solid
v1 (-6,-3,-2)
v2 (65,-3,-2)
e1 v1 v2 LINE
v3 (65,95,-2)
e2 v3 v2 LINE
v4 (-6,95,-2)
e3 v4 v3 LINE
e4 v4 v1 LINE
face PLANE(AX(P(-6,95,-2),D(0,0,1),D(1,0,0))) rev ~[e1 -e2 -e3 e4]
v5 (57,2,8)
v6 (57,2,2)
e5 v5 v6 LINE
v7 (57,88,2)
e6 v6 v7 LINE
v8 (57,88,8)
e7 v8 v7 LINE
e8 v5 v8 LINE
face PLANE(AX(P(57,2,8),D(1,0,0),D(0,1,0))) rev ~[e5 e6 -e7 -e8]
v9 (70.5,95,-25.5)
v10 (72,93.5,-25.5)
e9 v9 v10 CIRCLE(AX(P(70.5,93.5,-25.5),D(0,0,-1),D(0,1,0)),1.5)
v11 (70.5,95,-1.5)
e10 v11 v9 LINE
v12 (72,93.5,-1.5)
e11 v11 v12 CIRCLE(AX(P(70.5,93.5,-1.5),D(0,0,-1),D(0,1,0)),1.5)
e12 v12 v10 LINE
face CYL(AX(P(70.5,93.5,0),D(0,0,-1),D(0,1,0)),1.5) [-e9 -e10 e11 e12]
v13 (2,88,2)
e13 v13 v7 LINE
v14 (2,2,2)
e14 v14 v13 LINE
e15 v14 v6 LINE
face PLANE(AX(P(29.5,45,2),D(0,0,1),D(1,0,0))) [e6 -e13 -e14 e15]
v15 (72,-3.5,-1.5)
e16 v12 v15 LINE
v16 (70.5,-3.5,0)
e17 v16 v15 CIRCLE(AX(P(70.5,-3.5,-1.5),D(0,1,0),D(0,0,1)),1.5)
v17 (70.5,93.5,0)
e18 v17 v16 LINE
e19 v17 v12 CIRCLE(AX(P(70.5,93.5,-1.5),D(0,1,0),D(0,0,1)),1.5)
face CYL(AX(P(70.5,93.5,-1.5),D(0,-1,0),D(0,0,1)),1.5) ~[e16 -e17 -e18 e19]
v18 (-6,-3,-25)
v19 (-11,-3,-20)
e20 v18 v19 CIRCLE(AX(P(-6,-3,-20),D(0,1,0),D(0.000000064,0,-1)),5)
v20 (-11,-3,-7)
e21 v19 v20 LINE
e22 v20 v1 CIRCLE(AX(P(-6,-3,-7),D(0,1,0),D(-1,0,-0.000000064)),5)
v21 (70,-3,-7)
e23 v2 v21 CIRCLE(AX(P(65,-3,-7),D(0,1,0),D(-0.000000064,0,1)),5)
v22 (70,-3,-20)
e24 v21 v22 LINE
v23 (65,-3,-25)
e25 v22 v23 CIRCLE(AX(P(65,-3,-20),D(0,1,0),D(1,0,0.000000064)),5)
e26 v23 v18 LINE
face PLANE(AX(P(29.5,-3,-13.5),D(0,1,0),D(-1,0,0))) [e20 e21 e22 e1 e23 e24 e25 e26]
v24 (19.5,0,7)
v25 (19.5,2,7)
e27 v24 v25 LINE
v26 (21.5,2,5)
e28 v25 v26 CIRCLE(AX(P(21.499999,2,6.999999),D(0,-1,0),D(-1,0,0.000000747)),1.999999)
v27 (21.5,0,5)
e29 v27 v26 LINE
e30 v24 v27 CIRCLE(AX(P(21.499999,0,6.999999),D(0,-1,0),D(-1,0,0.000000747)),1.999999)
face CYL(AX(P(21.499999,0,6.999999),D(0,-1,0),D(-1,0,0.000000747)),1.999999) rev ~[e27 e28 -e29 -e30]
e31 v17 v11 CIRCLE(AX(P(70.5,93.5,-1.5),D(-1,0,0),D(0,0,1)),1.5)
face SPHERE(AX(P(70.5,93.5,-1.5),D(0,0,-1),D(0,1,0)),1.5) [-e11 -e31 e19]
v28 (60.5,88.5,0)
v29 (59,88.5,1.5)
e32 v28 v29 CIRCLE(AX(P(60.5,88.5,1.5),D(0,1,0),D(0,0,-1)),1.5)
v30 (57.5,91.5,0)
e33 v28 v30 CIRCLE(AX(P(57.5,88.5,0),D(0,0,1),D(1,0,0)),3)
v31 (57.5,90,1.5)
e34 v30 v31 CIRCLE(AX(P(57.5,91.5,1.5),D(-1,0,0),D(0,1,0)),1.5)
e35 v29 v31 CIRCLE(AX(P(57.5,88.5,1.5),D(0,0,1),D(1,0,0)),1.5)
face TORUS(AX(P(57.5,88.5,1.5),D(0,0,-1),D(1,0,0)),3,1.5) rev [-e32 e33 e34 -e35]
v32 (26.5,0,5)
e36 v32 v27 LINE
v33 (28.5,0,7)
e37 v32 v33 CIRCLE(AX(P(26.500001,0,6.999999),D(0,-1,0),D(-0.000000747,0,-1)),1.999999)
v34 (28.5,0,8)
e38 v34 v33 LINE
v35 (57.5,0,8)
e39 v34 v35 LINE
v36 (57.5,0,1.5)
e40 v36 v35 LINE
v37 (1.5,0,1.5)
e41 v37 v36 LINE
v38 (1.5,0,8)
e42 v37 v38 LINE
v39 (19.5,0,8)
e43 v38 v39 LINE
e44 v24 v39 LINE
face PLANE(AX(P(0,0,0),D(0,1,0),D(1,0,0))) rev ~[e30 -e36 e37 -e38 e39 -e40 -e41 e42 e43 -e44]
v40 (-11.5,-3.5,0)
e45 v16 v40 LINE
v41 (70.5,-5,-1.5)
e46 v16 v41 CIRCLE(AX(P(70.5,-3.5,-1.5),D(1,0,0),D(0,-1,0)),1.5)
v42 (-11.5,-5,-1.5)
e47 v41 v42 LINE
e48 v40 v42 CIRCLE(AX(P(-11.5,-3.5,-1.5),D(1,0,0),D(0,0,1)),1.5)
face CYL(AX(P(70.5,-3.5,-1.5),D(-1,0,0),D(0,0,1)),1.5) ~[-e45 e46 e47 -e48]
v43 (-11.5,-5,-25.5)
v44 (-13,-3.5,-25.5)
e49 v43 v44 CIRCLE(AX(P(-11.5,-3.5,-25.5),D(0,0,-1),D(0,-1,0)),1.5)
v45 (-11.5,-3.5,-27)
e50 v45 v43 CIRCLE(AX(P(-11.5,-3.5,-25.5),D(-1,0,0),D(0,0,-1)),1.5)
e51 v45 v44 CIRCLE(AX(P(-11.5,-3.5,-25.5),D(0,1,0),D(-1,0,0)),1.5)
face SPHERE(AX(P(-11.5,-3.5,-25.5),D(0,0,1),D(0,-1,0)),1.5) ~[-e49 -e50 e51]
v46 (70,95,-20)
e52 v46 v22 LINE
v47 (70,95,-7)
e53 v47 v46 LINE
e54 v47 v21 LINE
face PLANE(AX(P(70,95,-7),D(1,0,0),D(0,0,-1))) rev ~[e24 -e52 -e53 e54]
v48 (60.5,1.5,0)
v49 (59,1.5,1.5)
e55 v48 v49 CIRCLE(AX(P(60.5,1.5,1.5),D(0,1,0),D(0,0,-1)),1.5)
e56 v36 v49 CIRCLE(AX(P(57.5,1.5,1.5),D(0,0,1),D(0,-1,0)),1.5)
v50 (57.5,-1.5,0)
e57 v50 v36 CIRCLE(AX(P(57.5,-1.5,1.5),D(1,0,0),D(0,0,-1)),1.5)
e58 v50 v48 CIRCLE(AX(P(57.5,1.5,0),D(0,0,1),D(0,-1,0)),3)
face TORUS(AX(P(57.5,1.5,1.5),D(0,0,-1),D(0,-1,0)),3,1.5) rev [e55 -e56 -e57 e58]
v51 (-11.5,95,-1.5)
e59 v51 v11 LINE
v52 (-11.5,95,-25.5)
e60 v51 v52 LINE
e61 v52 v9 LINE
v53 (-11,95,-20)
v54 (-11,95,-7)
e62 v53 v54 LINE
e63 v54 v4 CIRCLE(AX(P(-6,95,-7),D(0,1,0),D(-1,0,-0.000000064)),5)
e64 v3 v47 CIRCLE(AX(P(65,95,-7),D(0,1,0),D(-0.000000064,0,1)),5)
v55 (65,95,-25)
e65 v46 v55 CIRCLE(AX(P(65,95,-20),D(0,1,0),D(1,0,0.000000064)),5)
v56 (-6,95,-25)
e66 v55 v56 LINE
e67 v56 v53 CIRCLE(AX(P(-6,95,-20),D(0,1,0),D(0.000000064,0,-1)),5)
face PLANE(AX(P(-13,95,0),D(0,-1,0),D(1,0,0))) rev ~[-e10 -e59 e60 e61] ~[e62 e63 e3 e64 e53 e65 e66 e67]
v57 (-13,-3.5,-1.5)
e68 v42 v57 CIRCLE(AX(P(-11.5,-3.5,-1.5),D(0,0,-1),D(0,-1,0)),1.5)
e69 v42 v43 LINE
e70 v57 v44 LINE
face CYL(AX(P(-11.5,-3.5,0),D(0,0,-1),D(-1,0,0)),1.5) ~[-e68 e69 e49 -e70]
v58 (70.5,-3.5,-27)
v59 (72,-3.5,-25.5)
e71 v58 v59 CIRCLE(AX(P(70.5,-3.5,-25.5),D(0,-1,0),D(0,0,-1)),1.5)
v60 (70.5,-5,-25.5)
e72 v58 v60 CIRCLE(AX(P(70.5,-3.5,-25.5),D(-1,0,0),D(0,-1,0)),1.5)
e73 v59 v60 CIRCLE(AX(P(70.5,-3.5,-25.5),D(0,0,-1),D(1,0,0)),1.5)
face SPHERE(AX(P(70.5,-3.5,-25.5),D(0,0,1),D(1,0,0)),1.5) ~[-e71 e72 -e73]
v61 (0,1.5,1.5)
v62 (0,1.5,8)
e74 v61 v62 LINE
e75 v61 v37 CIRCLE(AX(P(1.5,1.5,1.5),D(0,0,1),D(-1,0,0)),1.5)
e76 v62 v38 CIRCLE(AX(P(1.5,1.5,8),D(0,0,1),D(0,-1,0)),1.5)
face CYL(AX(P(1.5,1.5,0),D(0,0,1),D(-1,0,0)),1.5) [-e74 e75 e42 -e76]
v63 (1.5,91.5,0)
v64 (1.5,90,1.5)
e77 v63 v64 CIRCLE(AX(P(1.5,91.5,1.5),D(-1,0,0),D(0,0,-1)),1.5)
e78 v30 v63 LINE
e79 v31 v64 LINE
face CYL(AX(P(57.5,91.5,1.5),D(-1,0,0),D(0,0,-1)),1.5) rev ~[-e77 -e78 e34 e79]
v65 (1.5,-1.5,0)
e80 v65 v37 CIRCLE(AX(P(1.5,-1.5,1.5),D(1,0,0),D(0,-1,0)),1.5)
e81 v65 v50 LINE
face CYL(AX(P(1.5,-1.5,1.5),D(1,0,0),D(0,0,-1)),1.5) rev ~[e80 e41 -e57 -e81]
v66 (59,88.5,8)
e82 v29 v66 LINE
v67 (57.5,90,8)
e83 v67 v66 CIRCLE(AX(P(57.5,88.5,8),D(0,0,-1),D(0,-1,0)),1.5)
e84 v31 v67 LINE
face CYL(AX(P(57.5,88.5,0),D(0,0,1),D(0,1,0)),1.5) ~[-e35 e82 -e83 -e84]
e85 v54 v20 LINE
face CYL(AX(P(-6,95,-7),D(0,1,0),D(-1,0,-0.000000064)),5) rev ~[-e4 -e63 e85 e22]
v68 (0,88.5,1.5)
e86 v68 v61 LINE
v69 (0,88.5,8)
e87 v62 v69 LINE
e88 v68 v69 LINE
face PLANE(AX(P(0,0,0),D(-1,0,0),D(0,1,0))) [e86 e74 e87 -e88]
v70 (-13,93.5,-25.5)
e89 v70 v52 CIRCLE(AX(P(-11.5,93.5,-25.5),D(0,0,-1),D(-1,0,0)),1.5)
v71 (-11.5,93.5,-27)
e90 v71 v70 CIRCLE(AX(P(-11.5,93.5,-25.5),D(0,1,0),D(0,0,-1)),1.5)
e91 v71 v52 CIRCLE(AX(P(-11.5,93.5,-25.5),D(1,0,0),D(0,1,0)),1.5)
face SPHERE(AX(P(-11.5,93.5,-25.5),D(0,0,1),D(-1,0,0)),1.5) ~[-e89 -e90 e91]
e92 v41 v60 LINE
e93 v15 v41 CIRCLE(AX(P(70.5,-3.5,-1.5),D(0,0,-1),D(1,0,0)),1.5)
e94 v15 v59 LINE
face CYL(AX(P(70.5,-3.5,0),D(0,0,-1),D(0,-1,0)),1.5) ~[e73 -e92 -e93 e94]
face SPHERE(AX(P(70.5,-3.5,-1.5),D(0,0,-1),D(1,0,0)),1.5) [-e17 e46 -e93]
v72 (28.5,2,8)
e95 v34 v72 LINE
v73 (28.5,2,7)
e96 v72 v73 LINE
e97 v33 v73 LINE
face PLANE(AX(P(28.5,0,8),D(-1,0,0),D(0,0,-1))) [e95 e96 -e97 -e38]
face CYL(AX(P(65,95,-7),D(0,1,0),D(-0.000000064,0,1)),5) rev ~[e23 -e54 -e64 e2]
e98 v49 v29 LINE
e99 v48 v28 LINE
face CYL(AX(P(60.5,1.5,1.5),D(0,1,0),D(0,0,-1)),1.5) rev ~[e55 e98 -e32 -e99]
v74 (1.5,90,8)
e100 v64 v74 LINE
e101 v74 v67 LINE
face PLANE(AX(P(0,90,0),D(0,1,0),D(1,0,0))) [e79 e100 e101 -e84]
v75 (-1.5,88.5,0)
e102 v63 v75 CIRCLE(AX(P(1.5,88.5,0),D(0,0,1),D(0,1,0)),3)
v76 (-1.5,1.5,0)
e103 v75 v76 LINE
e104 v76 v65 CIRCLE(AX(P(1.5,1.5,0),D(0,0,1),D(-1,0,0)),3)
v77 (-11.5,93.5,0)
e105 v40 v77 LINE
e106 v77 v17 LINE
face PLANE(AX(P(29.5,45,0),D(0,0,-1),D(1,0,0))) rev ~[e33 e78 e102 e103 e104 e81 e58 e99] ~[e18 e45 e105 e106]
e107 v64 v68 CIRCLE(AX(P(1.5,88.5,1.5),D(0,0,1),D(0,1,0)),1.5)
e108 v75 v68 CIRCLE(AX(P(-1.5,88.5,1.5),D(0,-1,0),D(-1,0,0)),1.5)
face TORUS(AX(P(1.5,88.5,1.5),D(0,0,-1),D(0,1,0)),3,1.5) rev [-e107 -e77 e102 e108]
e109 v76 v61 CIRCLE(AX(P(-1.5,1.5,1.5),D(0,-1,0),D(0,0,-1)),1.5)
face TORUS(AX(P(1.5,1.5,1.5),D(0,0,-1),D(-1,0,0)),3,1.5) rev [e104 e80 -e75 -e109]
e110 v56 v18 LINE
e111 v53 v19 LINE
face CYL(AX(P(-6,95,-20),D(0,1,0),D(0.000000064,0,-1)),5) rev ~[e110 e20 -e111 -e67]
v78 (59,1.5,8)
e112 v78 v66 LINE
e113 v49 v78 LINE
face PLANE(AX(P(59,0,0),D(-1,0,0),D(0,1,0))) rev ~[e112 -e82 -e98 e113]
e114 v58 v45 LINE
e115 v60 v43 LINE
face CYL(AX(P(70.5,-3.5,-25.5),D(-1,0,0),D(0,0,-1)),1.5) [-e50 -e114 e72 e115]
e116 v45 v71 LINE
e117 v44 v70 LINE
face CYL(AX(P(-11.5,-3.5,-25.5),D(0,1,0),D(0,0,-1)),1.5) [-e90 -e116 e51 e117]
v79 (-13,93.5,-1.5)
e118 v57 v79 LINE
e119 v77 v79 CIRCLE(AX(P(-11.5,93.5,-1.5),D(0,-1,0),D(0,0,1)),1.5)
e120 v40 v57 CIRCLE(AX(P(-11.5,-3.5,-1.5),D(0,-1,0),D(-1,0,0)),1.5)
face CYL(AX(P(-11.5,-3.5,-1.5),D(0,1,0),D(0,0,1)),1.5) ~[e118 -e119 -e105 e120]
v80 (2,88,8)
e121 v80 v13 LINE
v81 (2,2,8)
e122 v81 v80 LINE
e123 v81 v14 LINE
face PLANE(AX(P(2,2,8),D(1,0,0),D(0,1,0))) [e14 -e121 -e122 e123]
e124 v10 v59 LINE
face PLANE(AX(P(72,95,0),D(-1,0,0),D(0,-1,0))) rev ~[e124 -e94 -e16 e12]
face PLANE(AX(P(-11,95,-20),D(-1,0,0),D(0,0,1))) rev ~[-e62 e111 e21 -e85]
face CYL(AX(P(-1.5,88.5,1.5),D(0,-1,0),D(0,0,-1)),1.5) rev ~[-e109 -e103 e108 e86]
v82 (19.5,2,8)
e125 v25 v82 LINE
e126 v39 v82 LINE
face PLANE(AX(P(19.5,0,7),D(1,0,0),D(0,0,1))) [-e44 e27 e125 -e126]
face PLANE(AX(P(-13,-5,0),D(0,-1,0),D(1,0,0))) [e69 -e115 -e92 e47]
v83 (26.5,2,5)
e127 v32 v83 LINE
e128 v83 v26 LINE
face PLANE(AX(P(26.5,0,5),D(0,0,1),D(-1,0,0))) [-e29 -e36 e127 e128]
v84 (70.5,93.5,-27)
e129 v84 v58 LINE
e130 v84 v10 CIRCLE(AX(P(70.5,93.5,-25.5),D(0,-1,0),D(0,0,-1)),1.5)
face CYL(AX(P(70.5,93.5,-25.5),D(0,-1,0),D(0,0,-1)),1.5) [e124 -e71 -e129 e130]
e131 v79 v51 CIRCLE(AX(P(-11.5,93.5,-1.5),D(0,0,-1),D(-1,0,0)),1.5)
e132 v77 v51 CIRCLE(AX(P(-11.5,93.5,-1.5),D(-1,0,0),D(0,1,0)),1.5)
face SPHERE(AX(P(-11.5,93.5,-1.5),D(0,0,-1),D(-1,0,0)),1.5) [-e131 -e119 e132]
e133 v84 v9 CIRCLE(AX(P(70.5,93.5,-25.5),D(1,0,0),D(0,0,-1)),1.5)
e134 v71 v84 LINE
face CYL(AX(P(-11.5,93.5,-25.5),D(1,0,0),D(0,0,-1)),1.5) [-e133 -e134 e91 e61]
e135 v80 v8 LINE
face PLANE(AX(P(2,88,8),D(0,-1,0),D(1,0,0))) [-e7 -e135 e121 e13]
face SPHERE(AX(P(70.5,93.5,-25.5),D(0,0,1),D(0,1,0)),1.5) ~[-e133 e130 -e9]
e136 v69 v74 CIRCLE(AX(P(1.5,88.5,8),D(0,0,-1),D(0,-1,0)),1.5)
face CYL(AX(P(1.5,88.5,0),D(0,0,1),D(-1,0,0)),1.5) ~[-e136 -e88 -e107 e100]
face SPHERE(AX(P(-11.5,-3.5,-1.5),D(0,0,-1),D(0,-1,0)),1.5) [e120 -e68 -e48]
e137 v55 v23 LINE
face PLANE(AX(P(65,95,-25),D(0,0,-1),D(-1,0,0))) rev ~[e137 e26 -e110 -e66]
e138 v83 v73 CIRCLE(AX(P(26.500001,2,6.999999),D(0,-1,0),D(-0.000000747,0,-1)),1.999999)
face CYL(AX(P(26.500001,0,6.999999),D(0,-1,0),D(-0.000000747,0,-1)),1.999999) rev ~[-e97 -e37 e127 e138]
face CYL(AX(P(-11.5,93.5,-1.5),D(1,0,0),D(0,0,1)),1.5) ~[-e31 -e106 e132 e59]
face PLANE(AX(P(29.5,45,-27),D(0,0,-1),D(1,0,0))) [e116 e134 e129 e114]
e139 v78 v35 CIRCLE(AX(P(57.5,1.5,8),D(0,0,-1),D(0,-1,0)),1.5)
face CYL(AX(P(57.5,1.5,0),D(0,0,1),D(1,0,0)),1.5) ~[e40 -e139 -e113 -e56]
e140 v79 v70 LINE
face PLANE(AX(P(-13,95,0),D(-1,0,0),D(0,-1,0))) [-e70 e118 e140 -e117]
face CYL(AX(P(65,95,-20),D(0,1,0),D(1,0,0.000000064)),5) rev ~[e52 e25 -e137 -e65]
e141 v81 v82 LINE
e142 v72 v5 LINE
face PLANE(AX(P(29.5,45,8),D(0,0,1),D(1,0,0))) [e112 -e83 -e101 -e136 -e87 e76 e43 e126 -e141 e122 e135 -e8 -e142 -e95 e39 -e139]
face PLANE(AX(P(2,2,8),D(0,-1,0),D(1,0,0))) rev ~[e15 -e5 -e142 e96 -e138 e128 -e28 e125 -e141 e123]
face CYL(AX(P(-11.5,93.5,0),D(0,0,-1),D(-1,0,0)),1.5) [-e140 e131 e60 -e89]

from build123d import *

# Parameters (mm, degrees)
BOX_W           = 59
BOX_H           = 90
BOX_DEPTH       = 8
SKETCH_W        = 55
SKETCH_H        = 86
POCKET_DEPTH    = 6
POCKET001_DEPTH = 2
SKETCH006_W     = 85
SKETCH006_H     = 100
PAD002_DEPTH    = 27
POCKET004_DEPTH = 98
FILLET_R        = 1.5
FILLET002_R     = 1.5


with BuildPart() as part:
    # Box → Box (join)
    with BuildSketch(Plane.XY):
        with Locations((29.5, 45)):
            Rectangle(BOX_W, BOX_H)
    extrude(amount=BOX_DEPTH)

    # Sketch (on Face6 of Box) → Pocket (cut)
    with BuildSketch(Plane.XY.offset(8)):
        with Locations((29.5, 45)):
            Rectangle(SKETCH_W, SKETCH_H)
    extrude(amount=-POCKET_DEPTH, mode=Mode.SUBTRACT)

    # Sketch001 (on Face2 of Pocket) → Pocket001 (cut)
    with BuildSketch(Plane.XZ):
        with BuildLine():
            Line((28.5, 8), (28.5, 7))
            ThreePointArc((26.5, 5), (27.914214, 5.585786), (28.5, 7))
            Line((26.5, 5), (21.5, 5))
            ThreePointArc((19.5, 7), (20.085786, 5.585786), (21.5, 5))
            Line((19.5, 7), (19.5, 8))
            Line((19.5, 8), (28.5, 8))
        make_face()
    extrude(amount=-POCKET001_DEPTH, mode=Mode.SUBTRACT)

    # Sketch006 (on Face5 of Pocket001) → Pad002 (join)
    with BuildSketch(Plane(origin=(0, 0, 0), x_dir=(1, 0, 0), z_dir=(0, 0, -1))):
        with Locations((29.5, -45)):
            Rectangle(SKETCH006_W, SKETCH006_H)
    extrude(amount=PAD002_DEPTH)

    # Sketch007 (on Face18 of Pad002) → Pocket004 (cut)
    with BuildSketch(Plane(origin=(0, 95, 0), x_dir=(-1, 0, 0), z_dir=(0, 1, 0))):
        with BuildLine():
            Line((-70, -7), (-70, -20))
            ThreePointArc((-70, -20), (-68.535534, -23.535534), (-65, -25))
            Line((-65, -25), (6, -25))
            ThreePointArc((6, -25), (9.535534, -23.535534), (11, -20))
            Line((11, -20), (11, -7))
            ThreePointArc((11, -7), (9.535534, -3.464466), (6, -2))
            Line((6, -2), (-65, -2))
            ThreePointArc((-65, -2), (-68.535534, -3.464466), (-70, -7))
        make_face()
    extrude(amount=-POCKET004_DEPTH, mode=Mode.SUBTRACT)

    # Fillet
    fillet_edges = [part.edges().sort_by_distance(p)[0] for p in [
        (0, 0, 4),
        (-13, -5, -13.5),
        (72, -5, -13.5),
        (59, 0, 4),
        (0, 90, 4),
        (-13, 95, -13.5),
        (59, 90, 4),
        (72, 95, -13.5),
    ]]
    fillet(fillet_edges, radius=FILLET_R)

    # Fillet002
    fillet002_edges = [part.edges().sort_by_distance(p)[0] for p in [
        (59, 45, 0),
        (72, 45, 0),
        (72, 45, -27),
    ]]
    fillet(fillet002_edges, radius=FILLET002_R)


solid = part.part
